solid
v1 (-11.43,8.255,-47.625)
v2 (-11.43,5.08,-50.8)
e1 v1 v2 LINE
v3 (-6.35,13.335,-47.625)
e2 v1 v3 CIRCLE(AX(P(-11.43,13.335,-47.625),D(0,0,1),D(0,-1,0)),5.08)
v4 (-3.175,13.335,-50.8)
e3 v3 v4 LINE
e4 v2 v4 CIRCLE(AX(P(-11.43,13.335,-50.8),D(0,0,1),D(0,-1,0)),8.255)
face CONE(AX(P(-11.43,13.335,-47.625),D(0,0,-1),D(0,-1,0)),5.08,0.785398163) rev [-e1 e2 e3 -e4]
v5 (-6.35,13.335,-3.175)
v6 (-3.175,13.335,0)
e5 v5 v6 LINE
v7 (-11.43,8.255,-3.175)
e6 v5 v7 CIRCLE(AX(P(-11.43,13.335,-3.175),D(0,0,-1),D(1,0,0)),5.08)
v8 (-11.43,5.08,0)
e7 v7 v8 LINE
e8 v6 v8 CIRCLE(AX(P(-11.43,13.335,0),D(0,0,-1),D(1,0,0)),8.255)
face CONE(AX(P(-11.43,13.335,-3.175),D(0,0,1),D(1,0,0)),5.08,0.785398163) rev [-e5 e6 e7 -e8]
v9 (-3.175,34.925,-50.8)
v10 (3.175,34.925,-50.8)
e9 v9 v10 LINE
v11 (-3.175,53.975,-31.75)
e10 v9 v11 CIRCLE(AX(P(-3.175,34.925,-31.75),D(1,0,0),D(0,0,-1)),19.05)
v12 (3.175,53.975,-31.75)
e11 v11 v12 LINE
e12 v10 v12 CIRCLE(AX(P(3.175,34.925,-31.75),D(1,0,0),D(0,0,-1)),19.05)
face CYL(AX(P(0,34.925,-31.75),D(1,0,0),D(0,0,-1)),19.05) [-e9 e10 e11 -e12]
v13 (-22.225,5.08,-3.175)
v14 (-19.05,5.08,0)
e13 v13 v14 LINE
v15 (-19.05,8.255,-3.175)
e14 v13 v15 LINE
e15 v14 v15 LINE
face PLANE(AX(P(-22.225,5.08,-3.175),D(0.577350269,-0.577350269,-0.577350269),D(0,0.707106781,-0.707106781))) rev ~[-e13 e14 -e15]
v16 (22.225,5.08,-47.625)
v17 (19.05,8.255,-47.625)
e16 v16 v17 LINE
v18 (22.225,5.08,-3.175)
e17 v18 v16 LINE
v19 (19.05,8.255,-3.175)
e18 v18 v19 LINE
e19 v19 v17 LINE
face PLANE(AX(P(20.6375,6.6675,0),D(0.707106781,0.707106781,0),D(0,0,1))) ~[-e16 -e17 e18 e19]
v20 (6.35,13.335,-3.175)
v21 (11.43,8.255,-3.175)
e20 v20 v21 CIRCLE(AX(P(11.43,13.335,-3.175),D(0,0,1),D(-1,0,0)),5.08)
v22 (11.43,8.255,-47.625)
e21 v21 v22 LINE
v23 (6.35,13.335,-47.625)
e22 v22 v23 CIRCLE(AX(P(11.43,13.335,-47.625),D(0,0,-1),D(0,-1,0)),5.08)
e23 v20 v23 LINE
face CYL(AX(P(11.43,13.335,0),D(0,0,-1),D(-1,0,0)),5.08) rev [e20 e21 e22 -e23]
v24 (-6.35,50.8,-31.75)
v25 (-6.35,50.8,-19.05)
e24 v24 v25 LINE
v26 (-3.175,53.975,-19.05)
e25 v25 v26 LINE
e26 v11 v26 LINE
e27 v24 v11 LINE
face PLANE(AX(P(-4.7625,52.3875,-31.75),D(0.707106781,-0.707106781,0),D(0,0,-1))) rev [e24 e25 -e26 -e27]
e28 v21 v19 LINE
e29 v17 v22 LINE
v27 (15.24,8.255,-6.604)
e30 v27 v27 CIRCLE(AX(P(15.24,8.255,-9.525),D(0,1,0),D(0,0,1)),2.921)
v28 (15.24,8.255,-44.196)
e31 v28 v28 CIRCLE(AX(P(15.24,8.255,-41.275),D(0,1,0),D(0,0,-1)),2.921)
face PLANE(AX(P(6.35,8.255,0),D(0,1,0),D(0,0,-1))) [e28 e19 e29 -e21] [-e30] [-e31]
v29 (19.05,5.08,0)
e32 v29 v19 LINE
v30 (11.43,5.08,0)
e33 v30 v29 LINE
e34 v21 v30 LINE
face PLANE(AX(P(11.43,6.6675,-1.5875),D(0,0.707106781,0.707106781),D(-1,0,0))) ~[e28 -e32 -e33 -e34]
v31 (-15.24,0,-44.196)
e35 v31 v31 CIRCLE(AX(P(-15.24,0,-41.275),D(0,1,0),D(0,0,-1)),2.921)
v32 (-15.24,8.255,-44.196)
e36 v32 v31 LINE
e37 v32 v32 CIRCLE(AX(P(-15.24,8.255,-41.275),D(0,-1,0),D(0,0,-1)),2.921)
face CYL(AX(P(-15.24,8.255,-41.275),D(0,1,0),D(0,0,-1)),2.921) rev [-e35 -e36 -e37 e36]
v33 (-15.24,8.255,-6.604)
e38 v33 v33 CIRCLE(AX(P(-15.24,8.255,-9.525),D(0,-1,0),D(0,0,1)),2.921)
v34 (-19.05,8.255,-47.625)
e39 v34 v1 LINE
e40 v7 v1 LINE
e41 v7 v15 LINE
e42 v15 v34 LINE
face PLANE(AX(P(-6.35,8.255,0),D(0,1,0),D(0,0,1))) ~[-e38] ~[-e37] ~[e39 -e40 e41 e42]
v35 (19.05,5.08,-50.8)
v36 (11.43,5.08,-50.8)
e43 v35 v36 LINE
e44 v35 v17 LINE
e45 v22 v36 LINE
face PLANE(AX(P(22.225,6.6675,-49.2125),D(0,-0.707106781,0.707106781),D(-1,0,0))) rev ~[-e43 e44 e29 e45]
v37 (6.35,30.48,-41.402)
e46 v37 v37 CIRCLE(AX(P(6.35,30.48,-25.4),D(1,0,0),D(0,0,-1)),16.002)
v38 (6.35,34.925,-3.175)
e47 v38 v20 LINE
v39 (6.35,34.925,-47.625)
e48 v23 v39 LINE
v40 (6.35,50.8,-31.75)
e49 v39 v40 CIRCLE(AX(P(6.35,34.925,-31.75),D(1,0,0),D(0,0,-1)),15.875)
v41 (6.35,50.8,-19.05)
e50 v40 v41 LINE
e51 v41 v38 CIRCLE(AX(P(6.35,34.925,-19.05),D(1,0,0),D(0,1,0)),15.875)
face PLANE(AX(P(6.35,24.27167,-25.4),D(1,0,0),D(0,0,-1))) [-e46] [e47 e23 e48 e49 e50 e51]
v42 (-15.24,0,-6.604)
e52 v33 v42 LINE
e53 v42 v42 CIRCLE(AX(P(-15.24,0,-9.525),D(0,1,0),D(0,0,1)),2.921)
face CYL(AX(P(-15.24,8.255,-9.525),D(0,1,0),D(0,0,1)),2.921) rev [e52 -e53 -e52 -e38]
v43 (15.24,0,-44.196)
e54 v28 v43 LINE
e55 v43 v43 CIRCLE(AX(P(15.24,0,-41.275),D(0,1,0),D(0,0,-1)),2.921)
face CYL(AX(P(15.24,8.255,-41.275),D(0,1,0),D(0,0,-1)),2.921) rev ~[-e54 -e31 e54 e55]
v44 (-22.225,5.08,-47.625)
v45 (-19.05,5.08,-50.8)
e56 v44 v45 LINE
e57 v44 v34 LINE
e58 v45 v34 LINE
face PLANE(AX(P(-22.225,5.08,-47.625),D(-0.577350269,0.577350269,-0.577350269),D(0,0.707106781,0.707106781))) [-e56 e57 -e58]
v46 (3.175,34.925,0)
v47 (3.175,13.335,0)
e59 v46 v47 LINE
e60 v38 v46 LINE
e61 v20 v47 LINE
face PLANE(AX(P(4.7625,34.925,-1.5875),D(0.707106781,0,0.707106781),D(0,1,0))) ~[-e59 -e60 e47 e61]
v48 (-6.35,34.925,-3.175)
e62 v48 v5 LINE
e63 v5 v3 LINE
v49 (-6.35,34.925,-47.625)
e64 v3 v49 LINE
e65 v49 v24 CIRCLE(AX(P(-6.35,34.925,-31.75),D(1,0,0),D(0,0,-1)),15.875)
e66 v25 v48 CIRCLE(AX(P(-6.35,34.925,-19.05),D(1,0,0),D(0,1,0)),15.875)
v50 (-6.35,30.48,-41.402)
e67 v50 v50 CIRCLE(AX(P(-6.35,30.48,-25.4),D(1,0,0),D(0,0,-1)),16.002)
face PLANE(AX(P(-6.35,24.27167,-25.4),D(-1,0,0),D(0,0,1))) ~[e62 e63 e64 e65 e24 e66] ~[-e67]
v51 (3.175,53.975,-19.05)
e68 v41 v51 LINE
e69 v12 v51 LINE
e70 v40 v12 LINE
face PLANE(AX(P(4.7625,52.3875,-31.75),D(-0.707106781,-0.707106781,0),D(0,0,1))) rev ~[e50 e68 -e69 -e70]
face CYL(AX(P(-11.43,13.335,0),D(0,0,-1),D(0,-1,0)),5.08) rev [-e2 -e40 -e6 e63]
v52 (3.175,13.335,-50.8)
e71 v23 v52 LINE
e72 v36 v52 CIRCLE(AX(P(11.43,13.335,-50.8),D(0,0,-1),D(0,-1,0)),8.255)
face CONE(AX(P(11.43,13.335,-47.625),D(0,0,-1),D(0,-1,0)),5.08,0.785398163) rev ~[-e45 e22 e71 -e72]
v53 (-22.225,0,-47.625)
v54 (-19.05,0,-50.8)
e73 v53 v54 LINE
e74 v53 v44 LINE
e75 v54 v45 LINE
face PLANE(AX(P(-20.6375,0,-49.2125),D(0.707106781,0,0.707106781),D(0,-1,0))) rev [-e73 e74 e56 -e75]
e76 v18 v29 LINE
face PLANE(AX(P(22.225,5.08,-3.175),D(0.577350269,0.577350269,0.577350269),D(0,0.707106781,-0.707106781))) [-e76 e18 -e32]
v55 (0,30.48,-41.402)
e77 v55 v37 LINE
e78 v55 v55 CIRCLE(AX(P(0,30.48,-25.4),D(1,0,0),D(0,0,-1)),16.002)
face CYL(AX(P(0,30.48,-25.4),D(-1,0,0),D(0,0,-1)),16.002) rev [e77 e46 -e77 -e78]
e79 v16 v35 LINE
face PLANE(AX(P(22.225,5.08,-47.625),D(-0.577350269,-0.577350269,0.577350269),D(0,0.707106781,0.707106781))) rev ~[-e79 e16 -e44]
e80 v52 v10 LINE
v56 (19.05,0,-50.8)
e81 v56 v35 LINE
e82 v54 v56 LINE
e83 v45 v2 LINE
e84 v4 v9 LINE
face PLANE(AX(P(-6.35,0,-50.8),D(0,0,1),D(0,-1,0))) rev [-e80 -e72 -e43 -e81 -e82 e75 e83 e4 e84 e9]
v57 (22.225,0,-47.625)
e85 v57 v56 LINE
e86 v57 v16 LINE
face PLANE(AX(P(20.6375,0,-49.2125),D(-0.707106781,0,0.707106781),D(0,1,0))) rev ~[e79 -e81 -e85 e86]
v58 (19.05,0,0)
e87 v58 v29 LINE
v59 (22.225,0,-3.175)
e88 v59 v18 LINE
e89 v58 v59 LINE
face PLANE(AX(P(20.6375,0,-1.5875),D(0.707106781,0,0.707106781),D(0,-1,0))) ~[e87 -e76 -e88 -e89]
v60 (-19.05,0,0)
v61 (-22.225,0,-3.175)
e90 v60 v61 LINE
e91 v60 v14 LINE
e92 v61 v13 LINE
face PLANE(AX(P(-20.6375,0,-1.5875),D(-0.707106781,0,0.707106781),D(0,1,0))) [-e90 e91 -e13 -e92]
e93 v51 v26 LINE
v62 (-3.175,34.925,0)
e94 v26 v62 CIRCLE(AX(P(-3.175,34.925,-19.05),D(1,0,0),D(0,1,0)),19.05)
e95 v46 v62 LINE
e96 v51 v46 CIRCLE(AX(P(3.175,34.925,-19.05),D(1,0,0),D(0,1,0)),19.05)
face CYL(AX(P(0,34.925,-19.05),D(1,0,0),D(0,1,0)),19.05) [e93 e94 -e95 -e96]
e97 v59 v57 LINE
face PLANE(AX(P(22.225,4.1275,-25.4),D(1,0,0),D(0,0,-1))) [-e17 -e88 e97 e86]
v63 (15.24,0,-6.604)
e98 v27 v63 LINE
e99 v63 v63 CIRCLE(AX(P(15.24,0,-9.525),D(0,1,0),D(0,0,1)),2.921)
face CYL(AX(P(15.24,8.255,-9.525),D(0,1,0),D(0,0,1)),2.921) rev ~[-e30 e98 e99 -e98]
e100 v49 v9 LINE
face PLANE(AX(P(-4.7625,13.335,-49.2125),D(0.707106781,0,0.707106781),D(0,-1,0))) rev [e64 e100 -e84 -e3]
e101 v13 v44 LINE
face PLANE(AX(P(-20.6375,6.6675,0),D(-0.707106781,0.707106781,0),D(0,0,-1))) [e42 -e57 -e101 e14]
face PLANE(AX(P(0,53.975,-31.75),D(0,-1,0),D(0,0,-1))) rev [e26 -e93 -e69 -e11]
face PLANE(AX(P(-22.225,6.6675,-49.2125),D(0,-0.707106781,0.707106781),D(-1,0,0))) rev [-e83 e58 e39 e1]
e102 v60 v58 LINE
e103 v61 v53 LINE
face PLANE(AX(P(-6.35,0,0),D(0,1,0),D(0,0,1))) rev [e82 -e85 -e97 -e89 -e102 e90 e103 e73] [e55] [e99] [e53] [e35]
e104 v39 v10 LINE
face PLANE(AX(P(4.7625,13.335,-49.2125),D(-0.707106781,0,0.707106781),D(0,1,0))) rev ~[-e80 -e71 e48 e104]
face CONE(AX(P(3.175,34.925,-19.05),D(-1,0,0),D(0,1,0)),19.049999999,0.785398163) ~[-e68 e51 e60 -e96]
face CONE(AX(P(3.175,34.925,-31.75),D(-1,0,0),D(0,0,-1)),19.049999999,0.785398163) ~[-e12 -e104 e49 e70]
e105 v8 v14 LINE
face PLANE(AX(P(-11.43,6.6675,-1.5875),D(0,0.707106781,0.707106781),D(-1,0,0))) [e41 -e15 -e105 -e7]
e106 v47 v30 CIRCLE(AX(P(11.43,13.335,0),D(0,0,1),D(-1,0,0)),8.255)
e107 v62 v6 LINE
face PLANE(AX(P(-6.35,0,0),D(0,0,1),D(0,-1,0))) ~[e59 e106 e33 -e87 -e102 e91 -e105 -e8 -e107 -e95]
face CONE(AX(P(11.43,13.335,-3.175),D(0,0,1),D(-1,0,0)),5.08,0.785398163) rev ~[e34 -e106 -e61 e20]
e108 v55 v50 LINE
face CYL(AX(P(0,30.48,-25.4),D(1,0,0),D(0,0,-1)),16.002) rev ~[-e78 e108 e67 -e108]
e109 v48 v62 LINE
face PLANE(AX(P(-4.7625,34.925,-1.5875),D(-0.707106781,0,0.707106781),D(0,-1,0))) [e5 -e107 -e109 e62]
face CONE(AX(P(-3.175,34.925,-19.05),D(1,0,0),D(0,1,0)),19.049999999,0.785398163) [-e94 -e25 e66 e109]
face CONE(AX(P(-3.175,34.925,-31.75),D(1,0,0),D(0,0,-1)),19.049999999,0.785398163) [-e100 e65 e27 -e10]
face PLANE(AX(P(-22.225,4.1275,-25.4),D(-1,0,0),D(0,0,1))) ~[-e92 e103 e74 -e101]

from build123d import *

# Parameters (mm, degrees)
SKETCH1_R                = 16.002
BOSS_EXTRUDE1_DEPTH      = 6.35
SKETCH2_W                = 50.8
SKETCH2_H                = 8.255
BOSS_EXTRUDE2_DEPTH      = 15.875
FILLET1_R                = 5.08
CHAMFER1_SIZE            = 3.175
SKETCH3_R                = 2.921
CUT_EXTRUDE1_DEPTH       = 72.867301501
FILLET1_OF_MIRROR2_R     = 5.08
CHAMFER1_OF_MIRROR2_SIZE = 3.175


with BuildPart() as part:
    # Sketch1 → Boss-Extrude1 (new body)
    with BuildSketch(Plane(origin=(0, 0, 0), x_dir=(0, 0, -1), z_dir=(1, 0, 0))):
        with BuildLine():
            Line((0, 0), (50.8, 0))
            Line((50.8, 0), (50.8, 34.925))
            ThreePointArc((50.8, 34.925), (45.220384182, 48.395384182), (31.75, 53.975))
            Line((31.75, 53.975), (19.05, 53.975))
            ThreePointArc((19.05, 53.975), (5.579615818, 48.395384182), (0, 34.925))
            Line((0, 34.925), (0, 0))
        make_face()
        with Locations((25.4, 30.48)):
            Circle(SKETCH1_R, mode=Mode.SUBTRACT)
    boss_extrude1 = extrude(amount=BOSS_EXTRUDE1_DEPTH)

    # Sketch2 → Boss-Extrude2 (add)
    with BuildSketch(Plane(origin=(6.35, 0, 0), x_dir=(0, 0, -1), z_dir=(1, 0, 0))):
        with Locations((25.4, 4.1275)):
            Rectangle(SKETCH2_W, SKETCH2_H)
    boss_extrude2 = extrude(amount=BOSS_EXTRUDE2_DEPTH)

    # Fillet1
    fillet1_edges = [part.edges().sort_by_distance(p)[0] for p in [
        (6.35, 8.255, -25.4),
    ]]
    fillet(fillet1_edges, radius=FILLET1_R)

    # Chamfer1
    chamfer1_edges = [part.edges().sort_by_distance(p)[0] for p in [
        (22.225, 4.1275, 0),
        (22.225, 8.255, -25.4),
        (16.8275, 8.255, 0),
        (7.837897552, 9.742897552, 0),
        (6.35, 24.13, 0),
        (6.35, 48.395384182, -5.579615818),
        (6.35, 53.975, -25.4),
        (6.35, 48.395384182, -45.220384182),
        (6.35, 24.13, -50.8),
        (7.837897552, 9.742897552, -50.8),
        (16.8275, 8.255, -50.8),
        (22.225, 4.1275, -50.8),
    ]]
    chamfer(chamfer1_edges, length=CHAMFER1_SIZE)

    # Sketch3 → Cut-Extrude1 (cut, through all)
    with BuildSketch(Plane(origin=(0, 8.255, 0), x_dir=(1, 0, 0), z_dir=(0, 1, 0))):
        with Locations((15.24, 9.525)):
            Circle(SKETCH3_R)
        with Locations((15.24, 41.275)):
            Circle(SKETCH3_R)
    cut_extrude1 = extrude(amount=-CUT_EXTRUDE1_DEPTH, mode=Mode.SUBTRACT)

    # Mirror2: Boss-Extrude1, Boss-Extrude2, Cut-Extrude1 across plane
    add(boss_extrude1.mirror(Plane(origin=(0, 34.925, -19.05), x_dir=(0, 0, 1), z_dir=(1, 0, 0))))
    add(boss_extrude2.mirror(Plane(origin=(0, 34.925, -19.05), x_dir=(0, 0, 1), z_dir=(1, 0, 0))))
    add(cut_extrude1.mirror(Plane(origin=(0, 34.925, -19.05), x_dir=(0, 0, 1), z_dir=(1, 0, 0))), mode=Mode.SUBTRACT)

    # Fillet1 of Mirror2
    fillet1_of_mirror2_edges = [part.edges().sort_by_distance(p)[0] for p in [
        (-6.35, 8.255, -25.4),
    ]]
    fillet(fillet1_of_mirror2_edges, radius=FILLET1_OF_MIRROR2_R)

    # Chamfer1 of Mirror2
    chamfer1_of_mirror2_edges = [part.edges().sort_by_distance(p)[0] for p in [
        (-22.225, 4.1275, 0),
        (-22.225, 8.255, -25.4),
        (-16.8275, 8.255, 0),
        (-7.837897552, 9.742897552, 0),
        (-6.35, 24.13, 0),
        (-6.35, 48.395384182, -5.579615818),
        (-6.35, 53.975, -25.4),
        (-6.35, 48.395384182, -45.220384182),
        (-6.35, 24.13, -50.8),
        (-7.837897552, 9.742897552, -50.8),
        (-16.8275, 8.255, -50.8),
        (-22.225, 4.1275, -50.8),
    ]]
    chamfer(chamfer1_of_mirror2_edges, length=CHAMFER1_OF_MIRROR2_SIZE)


solid = part.part
